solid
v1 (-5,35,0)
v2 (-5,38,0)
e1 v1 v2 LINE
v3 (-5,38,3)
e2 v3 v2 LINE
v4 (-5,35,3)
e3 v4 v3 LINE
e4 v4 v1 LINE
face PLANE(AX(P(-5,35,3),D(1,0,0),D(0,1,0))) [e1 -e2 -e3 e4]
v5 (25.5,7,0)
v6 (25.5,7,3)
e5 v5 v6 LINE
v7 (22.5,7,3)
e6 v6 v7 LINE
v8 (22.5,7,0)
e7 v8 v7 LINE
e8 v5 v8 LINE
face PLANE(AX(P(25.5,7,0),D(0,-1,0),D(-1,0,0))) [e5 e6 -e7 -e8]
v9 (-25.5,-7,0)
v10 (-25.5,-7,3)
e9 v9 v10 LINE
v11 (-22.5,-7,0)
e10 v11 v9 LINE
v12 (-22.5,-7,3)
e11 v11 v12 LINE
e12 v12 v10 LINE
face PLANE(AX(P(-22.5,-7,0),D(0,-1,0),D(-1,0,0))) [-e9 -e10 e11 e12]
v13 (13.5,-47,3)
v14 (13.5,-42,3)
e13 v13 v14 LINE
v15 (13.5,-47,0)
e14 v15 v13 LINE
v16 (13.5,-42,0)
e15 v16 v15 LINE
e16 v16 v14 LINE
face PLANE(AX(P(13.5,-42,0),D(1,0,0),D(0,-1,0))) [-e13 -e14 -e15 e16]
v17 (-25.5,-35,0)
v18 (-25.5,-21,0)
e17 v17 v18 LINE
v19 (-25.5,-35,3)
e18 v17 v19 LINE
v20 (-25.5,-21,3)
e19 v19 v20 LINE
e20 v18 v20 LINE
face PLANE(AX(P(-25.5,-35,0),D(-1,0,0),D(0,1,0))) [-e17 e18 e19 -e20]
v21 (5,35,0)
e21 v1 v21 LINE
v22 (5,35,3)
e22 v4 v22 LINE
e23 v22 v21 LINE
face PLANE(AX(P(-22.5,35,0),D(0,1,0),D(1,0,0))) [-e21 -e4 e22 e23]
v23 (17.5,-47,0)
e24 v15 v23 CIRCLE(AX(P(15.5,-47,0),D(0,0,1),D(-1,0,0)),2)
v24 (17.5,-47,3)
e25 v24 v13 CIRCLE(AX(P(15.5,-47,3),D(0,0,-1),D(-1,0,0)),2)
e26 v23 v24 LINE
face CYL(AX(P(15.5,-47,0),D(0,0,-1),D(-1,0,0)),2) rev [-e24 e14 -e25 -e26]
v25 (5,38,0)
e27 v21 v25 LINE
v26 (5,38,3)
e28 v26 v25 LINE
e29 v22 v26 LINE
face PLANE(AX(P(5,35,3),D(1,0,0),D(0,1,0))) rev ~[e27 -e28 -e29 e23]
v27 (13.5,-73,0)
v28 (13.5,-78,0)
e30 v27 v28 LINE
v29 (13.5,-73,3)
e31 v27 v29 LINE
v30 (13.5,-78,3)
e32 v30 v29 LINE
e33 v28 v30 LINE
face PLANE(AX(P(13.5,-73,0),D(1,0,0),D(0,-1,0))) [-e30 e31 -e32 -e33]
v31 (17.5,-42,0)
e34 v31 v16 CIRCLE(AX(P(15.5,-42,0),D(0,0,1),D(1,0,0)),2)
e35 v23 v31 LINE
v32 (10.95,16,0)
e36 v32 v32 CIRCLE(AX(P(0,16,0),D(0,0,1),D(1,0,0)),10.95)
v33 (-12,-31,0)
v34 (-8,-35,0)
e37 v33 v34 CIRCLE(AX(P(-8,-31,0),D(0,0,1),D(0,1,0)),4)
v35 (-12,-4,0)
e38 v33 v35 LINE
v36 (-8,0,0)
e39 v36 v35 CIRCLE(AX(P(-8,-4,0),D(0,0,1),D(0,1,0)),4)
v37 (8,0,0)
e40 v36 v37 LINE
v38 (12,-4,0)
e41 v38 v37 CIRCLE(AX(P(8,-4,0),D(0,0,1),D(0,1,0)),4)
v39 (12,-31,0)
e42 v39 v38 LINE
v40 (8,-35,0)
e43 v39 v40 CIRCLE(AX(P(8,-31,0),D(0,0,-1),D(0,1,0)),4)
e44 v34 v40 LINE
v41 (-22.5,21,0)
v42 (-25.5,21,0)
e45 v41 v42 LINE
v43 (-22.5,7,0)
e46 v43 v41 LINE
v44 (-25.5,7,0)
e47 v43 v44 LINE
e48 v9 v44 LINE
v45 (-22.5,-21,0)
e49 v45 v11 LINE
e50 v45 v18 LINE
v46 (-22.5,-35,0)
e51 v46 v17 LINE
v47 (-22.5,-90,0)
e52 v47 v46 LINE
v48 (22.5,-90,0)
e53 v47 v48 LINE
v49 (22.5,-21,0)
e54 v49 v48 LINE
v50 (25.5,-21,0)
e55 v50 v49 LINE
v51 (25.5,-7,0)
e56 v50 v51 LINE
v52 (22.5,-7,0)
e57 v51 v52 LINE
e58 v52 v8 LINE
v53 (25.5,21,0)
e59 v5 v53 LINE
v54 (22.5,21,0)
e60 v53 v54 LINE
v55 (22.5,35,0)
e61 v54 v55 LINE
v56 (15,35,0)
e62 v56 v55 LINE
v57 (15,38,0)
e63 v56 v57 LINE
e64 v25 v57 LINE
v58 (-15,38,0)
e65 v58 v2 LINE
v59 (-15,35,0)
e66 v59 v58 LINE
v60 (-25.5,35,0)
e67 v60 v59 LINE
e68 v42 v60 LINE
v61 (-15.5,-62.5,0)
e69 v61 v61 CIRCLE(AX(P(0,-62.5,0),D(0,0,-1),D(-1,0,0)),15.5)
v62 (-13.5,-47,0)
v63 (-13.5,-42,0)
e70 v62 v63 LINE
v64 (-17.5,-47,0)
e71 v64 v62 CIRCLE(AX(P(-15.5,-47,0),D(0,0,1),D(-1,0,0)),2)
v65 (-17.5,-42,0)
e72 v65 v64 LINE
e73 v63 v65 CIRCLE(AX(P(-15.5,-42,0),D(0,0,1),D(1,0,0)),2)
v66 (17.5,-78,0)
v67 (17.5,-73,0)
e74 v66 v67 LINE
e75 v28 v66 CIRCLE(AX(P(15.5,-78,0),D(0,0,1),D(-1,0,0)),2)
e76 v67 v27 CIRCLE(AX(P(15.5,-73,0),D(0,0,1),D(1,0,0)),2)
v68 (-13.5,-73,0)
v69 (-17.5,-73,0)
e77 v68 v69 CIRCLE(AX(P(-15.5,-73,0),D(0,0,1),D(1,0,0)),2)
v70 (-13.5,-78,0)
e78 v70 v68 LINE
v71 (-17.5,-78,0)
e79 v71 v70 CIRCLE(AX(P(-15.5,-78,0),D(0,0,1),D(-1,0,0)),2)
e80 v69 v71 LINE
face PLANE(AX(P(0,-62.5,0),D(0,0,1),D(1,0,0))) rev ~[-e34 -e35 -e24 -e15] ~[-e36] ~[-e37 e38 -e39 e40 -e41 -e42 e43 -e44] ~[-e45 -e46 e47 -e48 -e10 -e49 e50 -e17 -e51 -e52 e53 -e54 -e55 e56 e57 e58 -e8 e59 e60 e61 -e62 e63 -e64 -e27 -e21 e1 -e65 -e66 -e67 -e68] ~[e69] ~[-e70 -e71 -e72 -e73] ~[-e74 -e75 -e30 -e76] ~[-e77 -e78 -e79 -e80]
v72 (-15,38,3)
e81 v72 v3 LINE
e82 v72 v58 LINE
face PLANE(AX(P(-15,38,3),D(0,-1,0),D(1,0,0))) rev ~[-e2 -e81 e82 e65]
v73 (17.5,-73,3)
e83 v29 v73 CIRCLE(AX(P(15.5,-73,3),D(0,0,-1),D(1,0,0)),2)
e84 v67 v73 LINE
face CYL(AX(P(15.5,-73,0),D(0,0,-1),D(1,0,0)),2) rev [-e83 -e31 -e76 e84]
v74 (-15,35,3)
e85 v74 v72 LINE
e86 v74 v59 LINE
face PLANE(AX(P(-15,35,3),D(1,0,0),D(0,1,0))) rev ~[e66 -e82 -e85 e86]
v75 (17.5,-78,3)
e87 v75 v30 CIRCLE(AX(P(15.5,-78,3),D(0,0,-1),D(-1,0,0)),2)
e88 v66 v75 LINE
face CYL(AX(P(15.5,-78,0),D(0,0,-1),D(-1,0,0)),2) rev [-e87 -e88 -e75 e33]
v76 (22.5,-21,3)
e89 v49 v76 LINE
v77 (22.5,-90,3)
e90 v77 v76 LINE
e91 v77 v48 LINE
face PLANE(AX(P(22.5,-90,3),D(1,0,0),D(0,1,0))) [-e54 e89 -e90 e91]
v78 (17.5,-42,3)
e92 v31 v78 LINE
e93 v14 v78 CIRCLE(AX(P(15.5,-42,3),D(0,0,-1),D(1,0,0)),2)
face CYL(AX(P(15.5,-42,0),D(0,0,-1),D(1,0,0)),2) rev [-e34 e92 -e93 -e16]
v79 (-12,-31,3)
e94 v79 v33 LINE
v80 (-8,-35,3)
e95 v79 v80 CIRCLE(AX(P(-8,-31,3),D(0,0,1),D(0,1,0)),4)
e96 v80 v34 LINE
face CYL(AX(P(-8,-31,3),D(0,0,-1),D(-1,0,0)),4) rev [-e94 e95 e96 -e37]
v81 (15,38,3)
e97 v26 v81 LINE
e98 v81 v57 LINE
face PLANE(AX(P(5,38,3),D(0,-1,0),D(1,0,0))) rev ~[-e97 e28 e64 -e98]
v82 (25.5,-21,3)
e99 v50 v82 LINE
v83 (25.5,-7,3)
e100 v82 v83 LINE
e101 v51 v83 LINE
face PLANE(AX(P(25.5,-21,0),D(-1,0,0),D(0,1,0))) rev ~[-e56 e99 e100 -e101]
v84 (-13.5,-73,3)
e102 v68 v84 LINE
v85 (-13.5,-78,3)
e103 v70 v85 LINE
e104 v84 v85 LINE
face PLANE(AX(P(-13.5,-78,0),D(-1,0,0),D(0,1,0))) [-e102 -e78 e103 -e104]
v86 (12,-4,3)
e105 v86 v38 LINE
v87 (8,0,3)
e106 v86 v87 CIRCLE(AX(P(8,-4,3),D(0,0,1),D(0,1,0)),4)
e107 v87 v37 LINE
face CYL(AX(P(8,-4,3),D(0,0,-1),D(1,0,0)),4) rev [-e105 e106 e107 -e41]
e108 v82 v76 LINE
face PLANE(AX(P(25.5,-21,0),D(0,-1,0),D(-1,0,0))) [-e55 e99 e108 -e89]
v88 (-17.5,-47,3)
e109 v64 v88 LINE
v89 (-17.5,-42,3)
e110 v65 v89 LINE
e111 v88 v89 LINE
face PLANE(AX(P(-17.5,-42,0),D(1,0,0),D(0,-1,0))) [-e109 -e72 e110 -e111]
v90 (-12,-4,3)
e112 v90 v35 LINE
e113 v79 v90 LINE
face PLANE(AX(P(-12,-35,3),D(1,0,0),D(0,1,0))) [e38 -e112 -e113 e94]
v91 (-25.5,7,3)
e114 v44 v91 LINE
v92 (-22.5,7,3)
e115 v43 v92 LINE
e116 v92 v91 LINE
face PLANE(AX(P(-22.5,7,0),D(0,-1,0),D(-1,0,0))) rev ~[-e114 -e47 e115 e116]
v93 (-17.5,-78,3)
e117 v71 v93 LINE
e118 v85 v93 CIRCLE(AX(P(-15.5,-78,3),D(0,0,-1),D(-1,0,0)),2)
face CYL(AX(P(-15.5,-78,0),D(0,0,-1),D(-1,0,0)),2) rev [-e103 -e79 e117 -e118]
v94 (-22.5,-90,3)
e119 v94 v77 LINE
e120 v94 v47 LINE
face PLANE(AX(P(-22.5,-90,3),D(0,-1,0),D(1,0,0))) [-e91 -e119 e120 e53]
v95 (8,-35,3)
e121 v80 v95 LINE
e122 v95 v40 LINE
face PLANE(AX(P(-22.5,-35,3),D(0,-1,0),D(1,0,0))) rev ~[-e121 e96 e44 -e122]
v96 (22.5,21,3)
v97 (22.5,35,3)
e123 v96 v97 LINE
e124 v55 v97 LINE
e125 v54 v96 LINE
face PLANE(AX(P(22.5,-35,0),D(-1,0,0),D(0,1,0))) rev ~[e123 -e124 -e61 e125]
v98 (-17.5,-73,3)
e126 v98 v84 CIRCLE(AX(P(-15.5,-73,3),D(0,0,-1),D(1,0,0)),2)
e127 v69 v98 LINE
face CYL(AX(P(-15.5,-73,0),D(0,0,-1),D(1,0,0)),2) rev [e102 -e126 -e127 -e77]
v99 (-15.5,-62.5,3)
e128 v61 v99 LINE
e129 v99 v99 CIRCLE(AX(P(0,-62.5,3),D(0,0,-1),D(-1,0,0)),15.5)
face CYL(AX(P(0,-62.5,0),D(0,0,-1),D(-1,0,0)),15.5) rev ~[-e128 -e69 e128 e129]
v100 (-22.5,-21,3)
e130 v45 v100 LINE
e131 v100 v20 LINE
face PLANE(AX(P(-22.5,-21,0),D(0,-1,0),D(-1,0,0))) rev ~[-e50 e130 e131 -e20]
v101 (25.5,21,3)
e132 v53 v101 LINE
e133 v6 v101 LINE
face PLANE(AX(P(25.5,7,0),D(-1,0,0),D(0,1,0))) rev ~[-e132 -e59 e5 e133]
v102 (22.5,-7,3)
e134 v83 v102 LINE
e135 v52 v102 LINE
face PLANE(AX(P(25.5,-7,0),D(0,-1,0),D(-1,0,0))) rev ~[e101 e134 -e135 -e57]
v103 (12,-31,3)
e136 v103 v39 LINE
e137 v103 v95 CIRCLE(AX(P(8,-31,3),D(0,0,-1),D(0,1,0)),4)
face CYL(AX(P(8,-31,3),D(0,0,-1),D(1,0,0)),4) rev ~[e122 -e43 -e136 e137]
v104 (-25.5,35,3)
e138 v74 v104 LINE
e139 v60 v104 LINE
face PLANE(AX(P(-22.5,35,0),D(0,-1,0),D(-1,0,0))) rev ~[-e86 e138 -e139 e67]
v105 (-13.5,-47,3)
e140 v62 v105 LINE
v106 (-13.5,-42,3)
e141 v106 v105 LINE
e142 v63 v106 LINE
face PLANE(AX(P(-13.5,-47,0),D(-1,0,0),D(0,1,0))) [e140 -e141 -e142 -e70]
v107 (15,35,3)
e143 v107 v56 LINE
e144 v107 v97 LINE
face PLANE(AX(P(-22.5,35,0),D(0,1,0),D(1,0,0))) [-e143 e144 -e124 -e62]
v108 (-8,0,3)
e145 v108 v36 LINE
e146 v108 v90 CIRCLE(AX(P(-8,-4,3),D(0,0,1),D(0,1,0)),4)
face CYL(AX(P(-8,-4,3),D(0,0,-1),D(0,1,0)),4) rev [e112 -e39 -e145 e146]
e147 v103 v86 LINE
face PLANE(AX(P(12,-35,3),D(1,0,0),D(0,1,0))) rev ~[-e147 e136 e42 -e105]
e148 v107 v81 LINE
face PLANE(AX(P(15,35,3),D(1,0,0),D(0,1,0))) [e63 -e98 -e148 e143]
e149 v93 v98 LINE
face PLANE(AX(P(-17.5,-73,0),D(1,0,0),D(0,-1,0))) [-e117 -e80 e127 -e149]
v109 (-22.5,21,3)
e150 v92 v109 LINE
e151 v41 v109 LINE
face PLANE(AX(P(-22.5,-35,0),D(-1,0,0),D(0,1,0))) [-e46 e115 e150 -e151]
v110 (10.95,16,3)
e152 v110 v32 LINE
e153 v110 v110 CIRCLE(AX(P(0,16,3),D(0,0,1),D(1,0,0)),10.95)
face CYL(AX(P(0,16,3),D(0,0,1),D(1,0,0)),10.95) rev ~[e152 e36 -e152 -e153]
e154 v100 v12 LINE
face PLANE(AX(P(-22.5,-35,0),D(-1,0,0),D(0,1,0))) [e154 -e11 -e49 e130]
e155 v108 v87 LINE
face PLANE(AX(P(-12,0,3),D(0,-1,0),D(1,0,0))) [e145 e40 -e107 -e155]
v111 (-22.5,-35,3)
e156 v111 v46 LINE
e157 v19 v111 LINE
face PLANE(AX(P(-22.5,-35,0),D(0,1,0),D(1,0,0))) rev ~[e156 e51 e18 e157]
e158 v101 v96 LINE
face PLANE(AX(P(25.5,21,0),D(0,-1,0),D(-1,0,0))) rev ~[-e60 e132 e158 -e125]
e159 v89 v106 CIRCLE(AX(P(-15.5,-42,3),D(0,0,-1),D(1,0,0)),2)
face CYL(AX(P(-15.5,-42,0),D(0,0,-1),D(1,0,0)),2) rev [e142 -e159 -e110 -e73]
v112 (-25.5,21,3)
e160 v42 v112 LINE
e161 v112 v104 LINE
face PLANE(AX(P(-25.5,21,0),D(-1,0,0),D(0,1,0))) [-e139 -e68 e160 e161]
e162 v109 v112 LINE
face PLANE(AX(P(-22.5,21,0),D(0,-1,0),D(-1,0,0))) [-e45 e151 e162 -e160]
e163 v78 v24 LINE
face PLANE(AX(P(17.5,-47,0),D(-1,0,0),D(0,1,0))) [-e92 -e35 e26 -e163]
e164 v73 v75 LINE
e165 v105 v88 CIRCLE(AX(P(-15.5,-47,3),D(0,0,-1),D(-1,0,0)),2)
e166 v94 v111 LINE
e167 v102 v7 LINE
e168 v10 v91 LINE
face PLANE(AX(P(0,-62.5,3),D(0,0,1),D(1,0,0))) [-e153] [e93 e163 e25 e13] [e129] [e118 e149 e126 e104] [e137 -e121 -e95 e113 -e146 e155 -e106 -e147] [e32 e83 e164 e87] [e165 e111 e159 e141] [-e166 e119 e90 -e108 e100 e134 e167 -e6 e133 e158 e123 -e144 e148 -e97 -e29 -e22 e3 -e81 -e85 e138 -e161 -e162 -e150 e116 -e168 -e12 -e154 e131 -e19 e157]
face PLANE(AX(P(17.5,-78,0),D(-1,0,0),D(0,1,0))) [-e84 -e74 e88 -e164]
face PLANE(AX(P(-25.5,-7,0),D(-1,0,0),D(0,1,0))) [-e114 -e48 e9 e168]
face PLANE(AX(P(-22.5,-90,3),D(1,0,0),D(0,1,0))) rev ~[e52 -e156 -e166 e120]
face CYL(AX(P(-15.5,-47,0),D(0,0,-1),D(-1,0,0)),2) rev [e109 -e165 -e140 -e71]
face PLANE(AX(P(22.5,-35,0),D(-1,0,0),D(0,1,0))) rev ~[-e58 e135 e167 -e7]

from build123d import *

# Parameters (mm, degrees)
SKETCH1_W           = 45
SKETCH1_H           = 70
BOSS_EXTRUDE1_DEPTH = 3
SKETCH2_R           = 10.95
SKETCH2_W           = 24
SKETCH2_H           = 35
CUT_EXTRUDE1_DEPTH  = 4
SKETCH4_W           = 10
SKETCH4_H           = 3
BOSS_EXTRUDE3_DEPTH = 3
SKETCH3_W           = 3
SKETCH3_H           = 14
BOSS_EXTRUDE2_DEPTH = 3
SKETCH5_W           = 45
SKETCH5_H           = 55
BOSS_EXTRUDE4_DEPTH = 3
FILLET1_R           = 4
SKETCH6_R           = 15.5
CUT_EXTRUDE2_DEPTH  = 10


with BuildPart() as part:
    # Sketch1 → Boss-Extrude1 (new body)
    with BuildSketch(Plane.XY):
        Rectangle(SKETCH1_W, SKETCH1_H)
    extrude(amount=BOSS_EXTRUDE1_DEPTH)

    # Sketch2 → Cut-Extrude1 (cut, through all)
    with BuildSketch(Plane.XY.offset(3)):
        with Locations((0, 16)):
            Circle(SKETCH2_R)
        with Locations((0, -17.5)):
            Rectangle(SKETCH2_W, SKETCH2_H)
    extrude(amount=-CUT_EXTRUDE1_DEPTH, mode=Mode.SUBTRACT)

    # Sketch4 → Boss-Extrude3 (add)
    with BuildSketch(Plane.XY.offset(3)):
        with Locations((-10, 36.5)):
            Rectangle(SKETCH4_W, SKETCH4_H)
        with Locations((10, 36.5)):
            Rectangle(SKETCH4_W, SKETCH4_H)
    extrude(amount=-BOSS_EXTRUDE3_DEPTH)

    # Sketch3 → Boss-Extrude2 (add)
    with BuildSketch(Plane(origin=(0, 0, 0), x_dir=(-1, 0, 0), z_dir=(0, 0, -1))):
        with Locations((24, 0)):
            Rectangle(SKETCH3_W, SKETCH3_H)
        with Locations((24, 28)):
            Rectangle(SKETCH3_W, SKETCH3_H)
        with Locations((24, -28)):
            Rectangle(SKETCH3_W, SKETCH3_H)
        with Locations((-24, 14)):
            Rectangle(SKETCH3_W, SKETCH3_H)
        with Locations((-24, -14)):
            Rectangle(SKETCH3_W, SKETCH3_H)
    extrude(amount=-BOSS_EXTRUDE2_DEPTH)

    # Sketch5 → Boss-Extrude4 (add)
    with BuildSketch(Plane.XY.offset(3)):
        with Locations((0, -62.5)):
            Rectangle(SKETCH5_W, SKETCH5_H)
    extrude(amount=-BOSS_EXTRUDE4_DEPTH)

    # Fillet1
    fillet1_edges = [part.edges().sort_by_distance(p)[0] for p in [
        (12, 0, 1.5),
        (12, -35, 1.5),
        (-12, -35, 1.5),
        (-12, 0, 1.5),
    ]]
    fillet(fillet1_edges, radius=FILLET1_R)

    # Sketch6 → Cut-Extrude2 (cut)
    with BuildSketch(Plane(origin=(0, 0, 0), x_dir=(-1, 0, 0), z_dir=(0, 0, -1))):
        with Locations((0, -62.5)):
            Circle(SKETCH6_R)
        with BuildLine():
            Line((13.5, -78), (13.5, -73))
            ThreePointArc((13.5, -73), (15.5, -71), (17.5, -73))
            Line((17.5, -73), (17.5, -78))
            ThreePointArc((17.5, -78), (15.5, -80), (13.5, -78))
        make_face()
        with BuildLine():
            Line((-17.5, -78), (-17.5, -73))
            ThreePointArc((-17.5, -73), (-15.5, -71), (-13.5, -73))
            Line((-13.5, -73), (-13.5, -78))
            ThreePointArc((-13.5, -78), (-15.5, -80), (-17.5, -78))
        make_face()
        with BuildLine():
            Line((-17.5, -47), (-17.5, -42))
            ThreePointArc((-17.5, -42), (-15.5, -40), (-13.5, -42))
            Line((-13.5, -42), (-13.5, -47))
            ThreePointArc((-13.5, -47), (-15.5, -49), (-17.5, -47))
        make_face()
        with BuildLine():
            Line((13.5, -47), (13.5, -42))
            ThreePointArc((13.5, -42), (15.5, -40), (17.5, -42))
            Line((17.5, -42), (17.5, -47))
            ThreePointArc((17.5, -47), (15.5, -49), (13.5, -47))
        make_face()
    extrude(amount=-CUT_EXTRUDE2_DEPTH, mode=Mode.SUBTRACT)


solid = part.part
